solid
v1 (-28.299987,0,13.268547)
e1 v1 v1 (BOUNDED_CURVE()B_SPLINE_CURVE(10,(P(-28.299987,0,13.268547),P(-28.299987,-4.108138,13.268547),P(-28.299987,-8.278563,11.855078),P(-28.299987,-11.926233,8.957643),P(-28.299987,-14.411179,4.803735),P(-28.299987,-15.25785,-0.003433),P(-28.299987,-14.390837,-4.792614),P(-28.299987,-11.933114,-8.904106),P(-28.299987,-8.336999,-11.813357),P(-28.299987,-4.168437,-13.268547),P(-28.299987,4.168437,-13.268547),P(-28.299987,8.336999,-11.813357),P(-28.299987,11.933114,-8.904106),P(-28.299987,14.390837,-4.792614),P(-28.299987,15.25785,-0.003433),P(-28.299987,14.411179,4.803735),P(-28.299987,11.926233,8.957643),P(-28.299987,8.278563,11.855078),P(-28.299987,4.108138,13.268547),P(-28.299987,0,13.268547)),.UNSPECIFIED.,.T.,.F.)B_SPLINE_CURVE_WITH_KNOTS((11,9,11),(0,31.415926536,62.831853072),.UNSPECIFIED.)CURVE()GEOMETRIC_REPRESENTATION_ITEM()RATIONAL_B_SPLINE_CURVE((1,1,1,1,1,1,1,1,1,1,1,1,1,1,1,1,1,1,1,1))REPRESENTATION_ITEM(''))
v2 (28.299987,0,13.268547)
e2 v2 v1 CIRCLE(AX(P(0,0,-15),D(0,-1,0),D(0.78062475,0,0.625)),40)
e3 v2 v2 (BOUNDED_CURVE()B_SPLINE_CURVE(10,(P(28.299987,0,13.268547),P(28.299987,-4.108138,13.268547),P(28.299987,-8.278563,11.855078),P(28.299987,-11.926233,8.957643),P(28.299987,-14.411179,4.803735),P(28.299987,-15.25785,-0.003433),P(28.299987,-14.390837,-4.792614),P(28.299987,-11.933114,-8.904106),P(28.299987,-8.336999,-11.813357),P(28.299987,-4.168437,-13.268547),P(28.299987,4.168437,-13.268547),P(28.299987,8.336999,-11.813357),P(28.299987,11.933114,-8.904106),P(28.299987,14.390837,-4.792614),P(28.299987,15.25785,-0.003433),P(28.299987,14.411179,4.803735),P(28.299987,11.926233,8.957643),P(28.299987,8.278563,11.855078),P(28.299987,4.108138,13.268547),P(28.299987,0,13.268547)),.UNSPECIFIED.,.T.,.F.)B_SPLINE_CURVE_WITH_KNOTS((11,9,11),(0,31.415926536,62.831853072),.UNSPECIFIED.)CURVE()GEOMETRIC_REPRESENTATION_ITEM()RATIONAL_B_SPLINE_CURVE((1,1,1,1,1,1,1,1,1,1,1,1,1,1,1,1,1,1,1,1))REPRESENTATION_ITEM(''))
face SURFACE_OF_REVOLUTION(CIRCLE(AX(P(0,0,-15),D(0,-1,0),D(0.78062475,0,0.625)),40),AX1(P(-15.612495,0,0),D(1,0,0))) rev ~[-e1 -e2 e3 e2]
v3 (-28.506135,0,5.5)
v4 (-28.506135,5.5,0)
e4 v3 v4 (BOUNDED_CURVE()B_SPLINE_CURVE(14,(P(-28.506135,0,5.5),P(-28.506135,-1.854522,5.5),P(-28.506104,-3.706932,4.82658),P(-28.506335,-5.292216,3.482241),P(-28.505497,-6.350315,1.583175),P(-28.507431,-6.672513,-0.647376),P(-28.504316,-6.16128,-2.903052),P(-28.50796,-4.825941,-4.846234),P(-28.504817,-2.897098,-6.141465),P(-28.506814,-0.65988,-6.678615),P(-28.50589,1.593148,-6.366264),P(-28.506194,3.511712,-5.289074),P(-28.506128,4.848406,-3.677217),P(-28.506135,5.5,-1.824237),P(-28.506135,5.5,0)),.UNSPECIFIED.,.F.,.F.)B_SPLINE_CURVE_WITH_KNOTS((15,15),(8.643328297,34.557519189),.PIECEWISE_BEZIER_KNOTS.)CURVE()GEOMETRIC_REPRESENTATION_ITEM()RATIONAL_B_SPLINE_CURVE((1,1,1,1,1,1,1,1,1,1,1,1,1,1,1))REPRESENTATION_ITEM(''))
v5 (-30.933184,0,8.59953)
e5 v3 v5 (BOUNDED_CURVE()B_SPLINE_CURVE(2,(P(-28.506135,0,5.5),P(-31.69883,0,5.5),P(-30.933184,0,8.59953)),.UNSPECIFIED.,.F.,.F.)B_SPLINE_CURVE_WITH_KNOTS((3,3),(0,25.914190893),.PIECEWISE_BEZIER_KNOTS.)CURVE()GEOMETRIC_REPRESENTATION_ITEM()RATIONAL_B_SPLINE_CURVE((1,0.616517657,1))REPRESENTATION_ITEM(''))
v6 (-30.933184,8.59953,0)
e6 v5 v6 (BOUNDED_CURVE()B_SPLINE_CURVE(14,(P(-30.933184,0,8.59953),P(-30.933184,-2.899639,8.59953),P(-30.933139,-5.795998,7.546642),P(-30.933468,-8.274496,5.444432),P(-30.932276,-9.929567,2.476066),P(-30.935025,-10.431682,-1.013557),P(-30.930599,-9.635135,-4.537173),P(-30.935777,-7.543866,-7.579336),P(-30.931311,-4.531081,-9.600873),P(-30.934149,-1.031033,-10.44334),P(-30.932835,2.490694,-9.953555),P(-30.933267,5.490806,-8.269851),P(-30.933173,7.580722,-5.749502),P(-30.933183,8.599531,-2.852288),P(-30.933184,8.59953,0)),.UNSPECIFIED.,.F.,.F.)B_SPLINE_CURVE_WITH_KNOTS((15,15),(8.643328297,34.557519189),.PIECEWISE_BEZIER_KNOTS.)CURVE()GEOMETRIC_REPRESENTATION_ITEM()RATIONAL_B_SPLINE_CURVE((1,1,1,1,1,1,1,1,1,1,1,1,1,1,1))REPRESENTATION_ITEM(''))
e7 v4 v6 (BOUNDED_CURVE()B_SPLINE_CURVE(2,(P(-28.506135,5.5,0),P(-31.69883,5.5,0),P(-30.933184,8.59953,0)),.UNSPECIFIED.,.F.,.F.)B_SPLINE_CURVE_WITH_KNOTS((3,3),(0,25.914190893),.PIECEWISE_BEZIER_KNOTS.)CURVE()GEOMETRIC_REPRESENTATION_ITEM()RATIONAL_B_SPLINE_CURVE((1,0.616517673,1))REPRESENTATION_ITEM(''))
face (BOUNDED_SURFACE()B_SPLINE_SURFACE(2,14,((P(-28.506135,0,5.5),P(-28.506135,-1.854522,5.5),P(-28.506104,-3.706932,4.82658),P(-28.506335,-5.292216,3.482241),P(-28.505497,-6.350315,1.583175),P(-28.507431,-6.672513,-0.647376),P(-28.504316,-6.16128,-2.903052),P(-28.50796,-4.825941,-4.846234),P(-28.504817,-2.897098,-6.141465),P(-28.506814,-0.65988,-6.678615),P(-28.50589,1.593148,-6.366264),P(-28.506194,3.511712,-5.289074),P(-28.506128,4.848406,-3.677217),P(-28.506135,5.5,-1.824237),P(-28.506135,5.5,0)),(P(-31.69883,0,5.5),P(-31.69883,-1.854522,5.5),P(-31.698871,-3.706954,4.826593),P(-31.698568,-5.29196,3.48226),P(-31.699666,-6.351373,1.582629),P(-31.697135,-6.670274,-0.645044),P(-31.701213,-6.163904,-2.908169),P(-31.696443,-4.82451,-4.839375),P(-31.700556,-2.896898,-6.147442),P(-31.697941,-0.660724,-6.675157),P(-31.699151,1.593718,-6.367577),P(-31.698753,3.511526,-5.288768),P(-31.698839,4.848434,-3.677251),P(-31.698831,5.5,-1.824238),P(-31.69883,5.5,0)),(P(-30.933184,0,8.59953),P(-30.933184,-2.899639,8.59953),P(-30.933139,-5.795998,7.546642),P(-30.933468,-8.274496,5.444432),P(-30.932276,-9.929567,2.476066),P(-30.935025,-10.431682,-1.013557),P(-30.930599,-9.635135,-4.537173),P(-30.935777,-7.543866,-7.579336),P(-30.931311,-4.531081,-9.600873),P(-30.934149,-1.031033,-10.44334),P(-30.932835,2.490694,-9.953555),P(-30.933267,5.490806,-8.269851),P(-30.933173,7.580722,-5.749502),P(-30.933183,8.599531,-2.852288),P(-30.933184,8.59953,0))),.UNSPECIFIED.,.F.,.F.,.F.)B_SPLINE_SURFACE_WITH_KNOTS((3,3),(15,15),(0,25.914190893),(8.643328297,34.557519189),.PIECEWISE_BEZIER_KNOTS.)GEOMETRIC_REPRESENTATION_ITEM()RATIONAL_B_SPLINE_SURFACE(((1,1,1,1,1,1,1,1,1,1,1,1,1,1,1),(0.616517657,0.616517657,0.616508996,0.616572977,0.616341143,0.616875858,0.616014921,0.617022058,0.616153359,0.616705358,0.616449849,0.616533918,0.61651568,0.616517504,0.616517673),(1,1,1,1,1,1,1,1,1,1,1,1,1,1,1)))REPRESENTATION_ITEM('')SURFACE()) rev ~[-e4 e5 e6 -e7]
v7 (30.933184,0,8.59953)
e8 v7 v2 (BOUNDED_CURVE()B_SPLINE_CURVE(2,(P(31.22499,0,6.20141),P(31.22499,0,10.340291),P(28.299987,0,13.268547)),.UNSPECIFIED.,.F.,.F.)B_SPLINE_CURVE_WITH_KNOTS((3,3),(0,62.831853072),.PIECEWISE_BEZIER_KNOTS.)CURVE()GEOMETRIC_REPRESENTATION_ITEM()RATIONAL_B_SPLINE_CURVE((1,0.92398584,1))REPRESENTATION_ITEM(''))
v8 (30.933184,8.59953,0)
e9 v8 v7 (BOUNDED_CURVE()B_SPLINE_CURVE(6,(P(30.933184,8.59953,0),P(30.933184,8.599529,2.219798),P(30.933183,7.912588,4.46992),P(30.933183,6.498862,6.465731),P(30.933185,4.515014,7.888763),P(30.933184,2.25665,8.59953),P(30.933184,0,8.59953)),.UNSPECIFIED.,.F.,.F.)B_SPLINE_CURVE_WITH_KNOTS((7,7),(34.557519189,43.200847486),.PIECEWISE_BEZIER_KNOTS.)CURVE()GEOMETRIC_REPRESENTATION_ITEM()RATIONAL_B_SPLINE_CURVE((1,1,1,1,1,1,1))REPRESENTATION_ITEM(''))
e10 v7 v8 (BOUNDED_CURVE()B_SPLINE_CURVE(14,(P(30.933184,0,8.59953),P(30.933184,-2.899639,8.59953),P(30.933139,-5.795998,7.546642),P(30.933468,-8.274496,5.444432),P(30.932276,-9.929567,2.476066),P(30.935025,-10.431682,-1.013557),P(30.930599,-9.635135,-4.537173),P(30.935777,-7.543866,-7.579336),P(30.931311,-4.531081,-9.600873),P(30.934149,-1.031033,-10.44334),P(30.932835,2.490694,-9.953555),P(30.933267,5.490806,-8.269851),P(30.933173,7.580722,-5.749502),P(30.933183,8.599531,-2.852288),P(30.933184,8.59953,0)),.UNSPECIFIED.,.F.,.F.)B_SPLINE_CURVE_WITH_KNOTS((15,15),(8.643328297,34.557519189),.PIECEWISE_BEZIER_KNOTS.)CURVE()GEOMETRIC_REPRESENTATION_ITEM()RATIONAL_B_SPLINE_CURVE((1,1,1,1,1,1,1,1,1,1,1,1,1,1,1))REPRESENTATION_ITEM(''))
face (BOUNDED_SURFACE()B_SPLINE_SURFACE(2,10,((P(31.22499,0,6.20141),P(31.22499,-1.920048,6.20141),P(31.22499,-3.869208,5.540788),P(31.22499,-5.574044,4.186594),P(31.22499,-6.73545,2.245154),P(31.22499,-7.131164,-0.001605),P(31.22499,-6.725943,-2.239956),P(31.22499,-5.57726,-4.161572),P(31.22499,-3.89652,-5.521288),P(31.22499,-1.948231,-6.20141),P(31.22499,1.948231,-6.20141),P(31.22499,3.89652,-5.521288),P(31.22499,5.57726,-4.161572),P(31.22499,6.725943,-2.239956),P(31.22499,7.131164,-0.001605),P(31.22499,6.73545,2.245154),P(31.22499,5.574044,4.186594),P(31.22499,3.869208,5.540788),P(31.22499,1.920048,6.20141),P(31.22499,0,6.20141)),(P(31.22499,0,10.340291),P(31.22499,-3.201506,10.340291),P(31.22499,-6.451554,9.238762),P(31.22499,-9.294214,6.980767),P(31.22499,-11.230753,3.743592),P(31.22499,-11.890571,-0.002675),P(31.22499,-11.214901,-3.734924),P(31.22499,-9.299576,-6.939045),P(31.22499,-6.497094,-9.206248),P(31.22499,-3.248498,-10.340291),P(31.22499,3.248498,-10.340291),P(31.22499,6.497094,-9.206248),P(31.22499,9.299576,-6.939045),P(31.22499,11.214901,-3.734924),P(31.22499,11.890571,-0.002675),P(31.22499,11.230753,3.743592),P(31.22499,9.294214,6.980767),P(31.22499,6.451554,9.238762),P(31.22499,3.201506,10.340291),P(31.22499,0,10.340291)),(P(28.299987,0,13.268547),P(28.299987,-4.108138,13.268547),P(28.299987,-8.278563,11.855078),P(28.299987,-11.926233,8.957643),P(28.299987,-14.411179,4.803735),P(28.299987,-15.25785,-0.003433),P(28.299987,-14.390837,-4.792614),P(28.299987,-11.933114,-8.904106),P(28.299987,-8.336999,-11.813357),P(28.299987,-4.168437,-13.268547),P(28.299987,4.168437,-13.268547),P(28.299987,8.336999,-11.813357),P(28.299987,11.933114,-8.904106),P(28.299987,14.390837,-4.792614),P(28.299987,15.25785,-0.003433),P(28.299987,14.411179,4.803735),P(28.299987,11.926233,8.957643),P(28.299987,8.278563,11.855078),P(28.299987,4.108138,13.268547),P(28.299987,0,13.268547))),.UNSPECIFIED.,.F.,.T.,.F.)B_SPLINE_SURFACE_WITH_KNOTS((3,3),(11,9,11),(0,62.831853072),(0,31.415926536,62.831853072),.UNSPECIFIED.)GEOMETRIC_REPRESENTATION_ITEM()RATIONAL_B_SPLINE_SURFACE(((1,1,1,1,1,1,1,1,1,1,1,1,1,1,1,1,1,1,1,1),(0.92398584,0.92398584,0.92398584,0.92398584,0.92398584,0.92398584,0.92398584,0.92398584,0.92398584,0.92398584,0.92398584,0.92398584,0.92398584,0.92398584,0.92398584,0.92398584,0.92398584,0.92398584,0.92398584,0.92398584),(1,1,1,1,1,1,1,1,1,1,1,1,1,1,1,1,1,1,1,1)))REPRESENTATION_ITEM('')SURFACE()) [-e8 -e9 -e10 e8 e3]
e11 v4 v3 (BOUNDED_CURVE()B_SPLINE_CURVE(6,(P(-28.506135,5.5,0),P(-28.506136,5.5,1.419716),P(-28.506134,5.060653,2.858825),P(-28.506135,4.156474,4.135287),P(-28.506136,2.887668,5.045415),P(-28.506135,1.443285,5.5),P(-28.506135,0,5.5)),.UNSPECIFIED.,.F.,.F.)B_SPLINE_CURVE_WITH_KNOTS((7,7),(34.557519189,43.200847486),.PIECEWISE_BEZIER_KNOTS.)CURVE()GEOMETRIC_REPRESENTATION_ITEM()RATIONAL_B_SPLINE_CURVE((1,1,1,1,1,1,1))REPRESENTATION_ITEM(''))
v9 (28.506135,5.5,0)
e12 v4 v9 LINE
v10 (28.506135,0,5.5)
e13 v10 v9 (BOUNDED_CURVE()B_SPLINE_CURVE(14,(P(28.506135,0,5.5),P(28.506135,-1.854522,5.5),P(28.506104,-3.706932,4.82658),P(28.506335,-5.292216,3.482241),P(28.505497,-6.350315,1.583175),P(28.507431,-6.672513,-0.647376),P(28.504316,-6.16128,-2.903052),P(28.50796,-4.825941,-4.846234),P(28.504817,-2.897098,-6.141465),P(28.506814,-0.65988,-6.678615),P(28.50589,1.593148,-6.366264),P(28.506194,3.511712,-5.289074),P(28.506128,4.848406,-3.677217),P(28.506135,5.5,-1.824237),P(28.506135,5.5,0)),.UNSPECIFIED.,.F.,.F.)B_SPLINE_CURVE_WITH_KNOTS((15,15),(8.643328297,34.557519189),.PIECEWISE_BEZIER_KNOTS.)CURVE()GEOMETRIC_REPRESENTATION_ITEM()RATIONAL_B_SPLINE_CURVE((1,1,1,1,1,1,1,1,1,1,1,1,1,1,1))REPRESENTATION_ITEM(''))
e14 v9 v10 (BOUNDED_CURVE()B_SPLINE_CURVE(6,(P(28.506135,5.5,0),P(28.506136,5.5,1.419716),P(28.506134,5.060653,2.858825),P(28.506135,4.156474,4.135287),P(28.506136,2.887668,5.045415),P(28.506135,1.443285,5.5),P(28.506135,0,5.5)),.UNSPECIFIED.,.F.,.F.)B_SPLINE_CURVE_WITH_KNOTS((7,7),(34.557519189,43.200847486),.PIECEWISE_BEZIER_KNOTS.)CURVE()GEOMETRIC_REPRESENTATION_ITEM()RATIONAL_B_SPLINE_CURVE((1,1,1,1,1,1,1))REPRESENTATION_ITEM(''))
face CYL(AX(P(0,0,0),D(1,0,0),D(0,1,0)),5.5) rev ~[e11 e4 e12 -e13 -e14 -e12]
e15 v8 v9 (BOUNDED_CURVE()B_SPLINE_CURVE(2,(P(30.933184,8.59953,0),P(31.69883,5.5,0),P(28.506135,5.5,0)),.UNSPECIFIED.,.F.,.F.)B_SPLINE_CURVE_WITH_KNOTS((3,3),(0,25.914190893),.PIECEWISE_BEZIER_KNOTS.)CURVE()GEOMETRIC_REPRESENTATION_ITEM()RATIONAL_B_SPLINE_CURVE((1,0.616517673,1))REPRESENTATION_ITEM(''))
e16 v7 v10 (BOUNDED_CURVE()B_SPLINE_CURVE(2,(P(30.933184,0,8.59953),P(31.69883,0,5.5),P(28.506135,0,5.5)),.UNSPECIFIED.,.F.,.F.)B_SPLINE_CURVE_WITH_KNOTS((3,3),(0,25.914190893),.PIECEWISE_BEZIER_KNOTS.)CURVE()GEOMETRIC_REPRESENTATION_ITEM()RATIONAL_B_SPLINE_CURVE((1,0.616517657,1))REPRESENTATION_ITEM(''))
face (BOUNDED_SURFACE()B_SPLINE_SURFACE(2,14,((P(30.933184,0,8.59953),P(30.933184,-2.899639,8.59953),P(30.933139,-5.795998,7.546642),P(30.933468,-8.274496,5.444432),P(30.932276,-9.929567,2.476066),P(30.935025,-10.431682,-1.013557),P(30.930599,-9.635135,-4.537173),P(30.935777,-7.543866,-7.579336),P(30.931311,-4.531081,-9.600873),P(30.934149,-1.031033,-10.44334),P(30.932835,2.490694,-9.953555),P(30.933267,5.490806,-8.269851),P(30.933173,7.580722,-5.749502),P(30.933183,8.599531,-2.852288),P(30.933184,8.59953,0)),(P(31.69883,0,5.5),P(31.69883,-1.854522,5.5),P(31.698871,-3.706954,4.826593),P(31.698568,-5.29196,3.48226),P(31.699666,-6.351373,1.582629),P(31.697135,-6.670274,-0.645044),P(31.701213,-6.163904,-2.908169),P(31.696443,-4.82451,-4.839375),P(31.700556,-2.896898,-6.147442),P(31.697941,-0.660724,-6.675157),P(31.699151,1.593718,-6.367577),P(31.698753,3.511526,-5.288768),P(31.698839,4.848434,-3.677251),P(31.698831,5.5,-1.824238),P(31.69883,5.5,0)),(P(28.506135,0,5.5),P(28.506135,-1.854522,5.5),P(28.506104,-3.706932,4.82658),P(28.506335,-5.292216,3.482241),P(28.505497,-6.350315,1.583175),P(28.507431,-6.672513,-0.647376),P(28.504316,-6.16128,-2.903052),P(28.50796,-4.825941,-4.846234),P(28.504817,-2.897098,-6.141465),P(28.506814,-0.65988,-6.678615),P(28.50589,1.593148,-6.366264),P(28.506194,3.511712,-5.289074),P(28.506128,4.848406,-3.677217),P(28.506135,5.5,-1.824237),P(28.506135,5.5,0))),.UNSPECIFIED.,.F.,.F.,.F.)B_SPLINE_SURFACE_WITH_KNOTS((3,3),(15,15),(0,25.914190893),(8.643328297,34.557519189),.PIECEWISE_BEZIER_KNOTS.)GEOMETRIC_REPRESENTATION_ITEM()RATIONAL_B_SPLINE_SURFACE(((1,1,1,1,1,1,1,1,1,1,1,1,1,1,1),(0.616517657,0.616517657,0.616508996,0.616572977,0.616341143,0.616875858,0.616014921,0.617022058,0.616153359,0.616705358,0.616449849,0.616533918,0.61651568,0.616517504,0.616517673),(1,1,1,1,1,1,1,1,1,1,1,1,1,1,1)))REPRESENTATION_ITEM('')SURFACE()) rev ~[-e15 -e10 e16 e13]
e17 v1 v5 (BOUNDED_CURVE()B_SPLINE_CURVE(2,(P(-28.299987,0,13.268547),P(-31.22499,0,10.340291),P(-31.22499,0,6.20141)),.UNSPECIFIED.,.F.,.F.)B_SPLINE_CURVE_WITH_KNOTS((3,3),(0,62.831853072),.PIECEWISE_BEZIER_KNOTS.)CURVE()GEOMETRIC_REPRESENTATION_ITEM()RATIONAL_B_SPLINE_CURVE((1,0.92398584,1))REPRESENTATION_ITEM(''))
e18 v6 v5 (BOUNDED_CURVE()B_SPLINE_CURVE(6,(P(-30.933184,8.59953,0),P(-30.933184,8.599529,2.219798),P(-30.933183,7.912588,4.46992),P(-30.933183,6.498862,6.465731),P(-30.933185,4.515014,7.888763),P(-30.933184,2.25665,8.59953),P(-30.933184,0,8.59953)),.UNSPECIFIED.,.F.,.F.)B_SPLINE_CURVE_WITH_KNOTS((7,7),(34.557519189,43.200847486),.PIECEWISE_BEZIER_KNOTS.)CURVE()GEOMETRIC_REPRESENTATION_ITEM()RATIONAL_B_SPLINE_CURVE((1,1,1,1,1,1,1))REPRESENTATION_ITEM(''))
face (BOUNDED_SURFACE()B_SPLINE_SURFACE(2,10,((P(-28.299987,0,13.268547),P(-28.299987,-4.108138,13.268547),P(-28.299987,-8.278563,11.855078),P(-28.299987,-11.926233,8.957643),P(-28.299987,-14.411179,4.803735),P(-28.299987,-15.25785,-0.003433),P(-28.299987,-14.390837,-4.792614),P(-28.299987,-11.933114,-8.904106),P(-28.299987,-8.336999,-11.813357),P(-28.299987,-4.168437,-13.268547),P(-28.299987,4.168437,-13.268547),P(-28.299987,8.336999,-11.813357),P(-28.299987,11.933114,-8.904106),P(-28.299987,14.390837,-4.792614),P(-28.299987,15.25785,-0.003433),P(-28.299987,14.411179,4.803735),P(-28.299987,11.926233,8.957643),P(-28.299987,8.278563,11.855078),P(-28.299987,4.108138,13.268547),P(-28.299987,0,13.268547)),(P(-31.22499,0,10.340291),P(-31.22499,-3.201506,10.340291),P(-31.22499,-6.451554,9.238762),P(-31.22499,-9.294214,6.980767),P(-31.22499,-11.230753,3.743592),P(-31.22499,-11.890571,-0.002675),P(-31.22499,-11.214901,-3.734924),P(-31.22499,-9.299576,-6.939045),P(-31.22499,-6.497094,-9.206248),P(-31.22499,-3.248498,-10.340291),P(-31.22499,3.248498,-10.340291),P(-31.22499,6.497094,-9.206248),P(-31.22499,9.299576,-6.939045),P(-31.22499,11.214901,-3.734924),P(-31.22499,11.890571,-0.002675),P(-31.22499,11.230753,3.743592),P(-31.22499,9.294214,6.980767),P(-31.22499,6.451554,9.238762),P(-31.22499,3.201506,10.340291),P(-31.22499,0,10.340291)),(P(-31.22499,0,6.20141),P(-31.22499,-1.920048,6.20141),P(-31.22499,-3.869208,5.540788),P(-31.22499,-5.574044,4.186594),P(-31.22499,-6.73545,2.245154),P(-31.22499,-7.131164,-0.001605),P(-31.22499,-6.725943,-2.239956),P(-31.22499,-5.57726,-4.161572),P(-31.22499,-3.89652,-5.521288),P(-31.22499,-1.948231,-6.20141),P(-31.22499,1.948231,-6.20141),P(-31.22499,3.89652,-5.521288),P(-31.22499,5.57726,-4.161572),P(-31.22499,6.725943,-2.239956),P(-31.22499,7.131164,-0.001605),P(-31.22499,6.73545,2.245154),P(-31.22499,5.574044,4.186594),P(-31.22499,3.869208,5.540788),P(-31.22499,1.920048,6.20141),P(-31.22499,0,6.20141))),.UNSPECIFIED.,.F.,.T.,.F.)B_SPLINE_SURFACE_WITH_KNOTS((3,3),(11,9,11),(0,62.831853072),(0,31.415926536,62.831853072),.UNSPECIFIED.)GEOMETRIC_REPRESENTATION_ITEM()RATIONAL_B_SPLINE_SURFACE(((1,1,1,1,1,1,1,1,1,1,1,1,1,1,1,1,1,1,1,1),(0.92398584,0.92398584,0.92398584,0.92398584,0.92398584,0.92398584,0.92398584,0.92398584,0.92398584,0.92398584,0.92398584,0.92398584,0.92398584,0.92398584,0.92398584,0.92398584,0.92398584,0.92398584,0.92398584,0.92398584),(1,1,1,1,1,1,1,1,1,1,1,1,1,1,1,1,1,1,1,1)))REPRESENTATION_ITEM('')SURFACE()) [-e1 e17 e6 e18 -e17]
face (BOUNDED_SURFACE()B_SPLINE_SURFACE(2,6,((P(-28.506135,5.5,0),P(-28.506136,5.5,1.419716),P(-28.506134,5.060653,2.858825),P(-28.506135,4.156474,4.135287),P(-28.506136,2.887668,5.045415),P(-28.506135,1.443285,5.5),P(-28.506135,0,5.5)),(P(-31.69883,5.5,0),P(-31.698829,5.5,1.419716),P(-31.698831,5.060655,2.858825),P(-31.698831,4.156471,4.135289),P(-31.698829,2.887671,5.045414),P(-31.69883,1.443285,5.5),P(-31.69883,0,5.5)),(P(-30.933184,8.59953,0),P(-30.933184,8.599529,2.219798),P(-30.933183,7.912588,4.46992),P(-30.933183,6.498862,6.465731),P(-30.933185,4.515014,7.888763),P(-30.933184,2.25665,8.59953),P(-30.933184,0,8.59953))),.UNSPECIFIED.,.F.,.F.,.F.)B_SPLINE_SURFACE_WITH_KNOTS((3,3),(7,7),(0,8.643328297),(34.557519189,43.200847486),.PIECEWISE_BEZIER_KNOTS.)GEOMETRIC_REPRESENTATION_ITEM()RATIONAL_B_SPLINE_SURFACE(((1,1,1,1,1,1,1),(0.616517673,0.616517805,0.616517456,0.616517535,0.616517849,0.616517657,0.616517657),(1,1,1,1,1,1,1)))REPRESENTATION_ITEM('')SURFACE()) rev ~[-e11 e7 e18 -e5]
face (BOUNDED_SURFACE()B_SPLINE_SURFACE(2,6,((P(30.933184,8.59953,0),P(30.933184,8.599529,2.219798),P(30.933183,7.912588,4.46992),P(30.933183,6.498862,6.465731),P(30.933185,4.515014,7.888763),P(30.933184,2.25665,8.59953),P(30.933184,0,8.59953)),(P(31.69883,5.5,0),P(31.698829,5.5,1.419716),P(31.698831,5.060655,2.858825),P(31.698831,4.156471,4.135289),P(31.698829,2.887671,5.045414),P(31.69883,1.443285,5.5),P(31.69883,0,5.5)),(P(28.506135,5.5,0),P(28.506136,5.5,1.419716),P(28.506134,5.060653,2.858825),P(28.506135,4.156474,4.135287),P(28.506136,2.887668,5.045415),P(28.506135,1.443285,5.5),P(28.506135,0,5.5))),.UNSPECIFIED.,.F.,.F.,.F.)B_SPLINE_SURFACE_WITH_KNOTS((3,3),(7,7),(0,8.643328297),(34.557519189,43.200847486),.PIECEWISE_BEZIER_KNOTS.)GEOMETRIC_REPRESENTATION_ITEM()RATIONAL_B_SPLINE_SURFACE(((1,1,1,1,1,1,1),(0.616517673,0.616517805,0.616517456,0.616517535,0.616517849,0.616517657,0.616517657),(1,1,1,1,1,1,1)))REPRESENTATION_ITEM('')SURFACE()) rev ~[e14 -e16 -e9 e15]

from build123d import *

# Parameters (mm, degrees)
F2_R     = 10
F3_R     = 5.5
F4_DEPTH = 100
F5_R     = 2.5


with BuildPart() as f1:
    # F0 (on Front) → F1 (revolve)
    with BuildSketch(Plane.XZ):
        with BuildLine():
            Line((31.22499, 0), (31.22499, 10))
            ThreePointArc((31.22499, 10), (0, 25), (-31.22499, 10))
            Line((-31.22499, 10), (-31.22499, 0))
            Line((-31.22499, 0), (0, 0))
            Line((0, 0), (31.22499, 0))
        make_face()
    revolve(axis=Axis((-15.612495, 0, 0), (1, 0, 0)))

    # F2
    f2_edges = [f1.edges().sort_by_distance(p)[0] for p in [
        (-31.22499, 0, -10),
        (31.22499, 0, -10),
    ]]
    fillet(f2_edges, radius=F2_R)

    # F3 (on Right) → F4 (cut, symmetric)
    with BuildSketch(Plane.YZ):
        Circle(F3_R)
    extrude(amount=F4_DEPTH, both=True, mode=Mode.SUBTRACT)

    # F5
    f5_edges = [f1.edges().sort_by_distance(p)[0] for p in [
        (-31.22499, -5.5, 0),
        (0, 5.5, 0),
        (31.22499, -5.5, 0),
    ]]
    fillet(f5_edges, radius=F5_R)


solid = f1.part
